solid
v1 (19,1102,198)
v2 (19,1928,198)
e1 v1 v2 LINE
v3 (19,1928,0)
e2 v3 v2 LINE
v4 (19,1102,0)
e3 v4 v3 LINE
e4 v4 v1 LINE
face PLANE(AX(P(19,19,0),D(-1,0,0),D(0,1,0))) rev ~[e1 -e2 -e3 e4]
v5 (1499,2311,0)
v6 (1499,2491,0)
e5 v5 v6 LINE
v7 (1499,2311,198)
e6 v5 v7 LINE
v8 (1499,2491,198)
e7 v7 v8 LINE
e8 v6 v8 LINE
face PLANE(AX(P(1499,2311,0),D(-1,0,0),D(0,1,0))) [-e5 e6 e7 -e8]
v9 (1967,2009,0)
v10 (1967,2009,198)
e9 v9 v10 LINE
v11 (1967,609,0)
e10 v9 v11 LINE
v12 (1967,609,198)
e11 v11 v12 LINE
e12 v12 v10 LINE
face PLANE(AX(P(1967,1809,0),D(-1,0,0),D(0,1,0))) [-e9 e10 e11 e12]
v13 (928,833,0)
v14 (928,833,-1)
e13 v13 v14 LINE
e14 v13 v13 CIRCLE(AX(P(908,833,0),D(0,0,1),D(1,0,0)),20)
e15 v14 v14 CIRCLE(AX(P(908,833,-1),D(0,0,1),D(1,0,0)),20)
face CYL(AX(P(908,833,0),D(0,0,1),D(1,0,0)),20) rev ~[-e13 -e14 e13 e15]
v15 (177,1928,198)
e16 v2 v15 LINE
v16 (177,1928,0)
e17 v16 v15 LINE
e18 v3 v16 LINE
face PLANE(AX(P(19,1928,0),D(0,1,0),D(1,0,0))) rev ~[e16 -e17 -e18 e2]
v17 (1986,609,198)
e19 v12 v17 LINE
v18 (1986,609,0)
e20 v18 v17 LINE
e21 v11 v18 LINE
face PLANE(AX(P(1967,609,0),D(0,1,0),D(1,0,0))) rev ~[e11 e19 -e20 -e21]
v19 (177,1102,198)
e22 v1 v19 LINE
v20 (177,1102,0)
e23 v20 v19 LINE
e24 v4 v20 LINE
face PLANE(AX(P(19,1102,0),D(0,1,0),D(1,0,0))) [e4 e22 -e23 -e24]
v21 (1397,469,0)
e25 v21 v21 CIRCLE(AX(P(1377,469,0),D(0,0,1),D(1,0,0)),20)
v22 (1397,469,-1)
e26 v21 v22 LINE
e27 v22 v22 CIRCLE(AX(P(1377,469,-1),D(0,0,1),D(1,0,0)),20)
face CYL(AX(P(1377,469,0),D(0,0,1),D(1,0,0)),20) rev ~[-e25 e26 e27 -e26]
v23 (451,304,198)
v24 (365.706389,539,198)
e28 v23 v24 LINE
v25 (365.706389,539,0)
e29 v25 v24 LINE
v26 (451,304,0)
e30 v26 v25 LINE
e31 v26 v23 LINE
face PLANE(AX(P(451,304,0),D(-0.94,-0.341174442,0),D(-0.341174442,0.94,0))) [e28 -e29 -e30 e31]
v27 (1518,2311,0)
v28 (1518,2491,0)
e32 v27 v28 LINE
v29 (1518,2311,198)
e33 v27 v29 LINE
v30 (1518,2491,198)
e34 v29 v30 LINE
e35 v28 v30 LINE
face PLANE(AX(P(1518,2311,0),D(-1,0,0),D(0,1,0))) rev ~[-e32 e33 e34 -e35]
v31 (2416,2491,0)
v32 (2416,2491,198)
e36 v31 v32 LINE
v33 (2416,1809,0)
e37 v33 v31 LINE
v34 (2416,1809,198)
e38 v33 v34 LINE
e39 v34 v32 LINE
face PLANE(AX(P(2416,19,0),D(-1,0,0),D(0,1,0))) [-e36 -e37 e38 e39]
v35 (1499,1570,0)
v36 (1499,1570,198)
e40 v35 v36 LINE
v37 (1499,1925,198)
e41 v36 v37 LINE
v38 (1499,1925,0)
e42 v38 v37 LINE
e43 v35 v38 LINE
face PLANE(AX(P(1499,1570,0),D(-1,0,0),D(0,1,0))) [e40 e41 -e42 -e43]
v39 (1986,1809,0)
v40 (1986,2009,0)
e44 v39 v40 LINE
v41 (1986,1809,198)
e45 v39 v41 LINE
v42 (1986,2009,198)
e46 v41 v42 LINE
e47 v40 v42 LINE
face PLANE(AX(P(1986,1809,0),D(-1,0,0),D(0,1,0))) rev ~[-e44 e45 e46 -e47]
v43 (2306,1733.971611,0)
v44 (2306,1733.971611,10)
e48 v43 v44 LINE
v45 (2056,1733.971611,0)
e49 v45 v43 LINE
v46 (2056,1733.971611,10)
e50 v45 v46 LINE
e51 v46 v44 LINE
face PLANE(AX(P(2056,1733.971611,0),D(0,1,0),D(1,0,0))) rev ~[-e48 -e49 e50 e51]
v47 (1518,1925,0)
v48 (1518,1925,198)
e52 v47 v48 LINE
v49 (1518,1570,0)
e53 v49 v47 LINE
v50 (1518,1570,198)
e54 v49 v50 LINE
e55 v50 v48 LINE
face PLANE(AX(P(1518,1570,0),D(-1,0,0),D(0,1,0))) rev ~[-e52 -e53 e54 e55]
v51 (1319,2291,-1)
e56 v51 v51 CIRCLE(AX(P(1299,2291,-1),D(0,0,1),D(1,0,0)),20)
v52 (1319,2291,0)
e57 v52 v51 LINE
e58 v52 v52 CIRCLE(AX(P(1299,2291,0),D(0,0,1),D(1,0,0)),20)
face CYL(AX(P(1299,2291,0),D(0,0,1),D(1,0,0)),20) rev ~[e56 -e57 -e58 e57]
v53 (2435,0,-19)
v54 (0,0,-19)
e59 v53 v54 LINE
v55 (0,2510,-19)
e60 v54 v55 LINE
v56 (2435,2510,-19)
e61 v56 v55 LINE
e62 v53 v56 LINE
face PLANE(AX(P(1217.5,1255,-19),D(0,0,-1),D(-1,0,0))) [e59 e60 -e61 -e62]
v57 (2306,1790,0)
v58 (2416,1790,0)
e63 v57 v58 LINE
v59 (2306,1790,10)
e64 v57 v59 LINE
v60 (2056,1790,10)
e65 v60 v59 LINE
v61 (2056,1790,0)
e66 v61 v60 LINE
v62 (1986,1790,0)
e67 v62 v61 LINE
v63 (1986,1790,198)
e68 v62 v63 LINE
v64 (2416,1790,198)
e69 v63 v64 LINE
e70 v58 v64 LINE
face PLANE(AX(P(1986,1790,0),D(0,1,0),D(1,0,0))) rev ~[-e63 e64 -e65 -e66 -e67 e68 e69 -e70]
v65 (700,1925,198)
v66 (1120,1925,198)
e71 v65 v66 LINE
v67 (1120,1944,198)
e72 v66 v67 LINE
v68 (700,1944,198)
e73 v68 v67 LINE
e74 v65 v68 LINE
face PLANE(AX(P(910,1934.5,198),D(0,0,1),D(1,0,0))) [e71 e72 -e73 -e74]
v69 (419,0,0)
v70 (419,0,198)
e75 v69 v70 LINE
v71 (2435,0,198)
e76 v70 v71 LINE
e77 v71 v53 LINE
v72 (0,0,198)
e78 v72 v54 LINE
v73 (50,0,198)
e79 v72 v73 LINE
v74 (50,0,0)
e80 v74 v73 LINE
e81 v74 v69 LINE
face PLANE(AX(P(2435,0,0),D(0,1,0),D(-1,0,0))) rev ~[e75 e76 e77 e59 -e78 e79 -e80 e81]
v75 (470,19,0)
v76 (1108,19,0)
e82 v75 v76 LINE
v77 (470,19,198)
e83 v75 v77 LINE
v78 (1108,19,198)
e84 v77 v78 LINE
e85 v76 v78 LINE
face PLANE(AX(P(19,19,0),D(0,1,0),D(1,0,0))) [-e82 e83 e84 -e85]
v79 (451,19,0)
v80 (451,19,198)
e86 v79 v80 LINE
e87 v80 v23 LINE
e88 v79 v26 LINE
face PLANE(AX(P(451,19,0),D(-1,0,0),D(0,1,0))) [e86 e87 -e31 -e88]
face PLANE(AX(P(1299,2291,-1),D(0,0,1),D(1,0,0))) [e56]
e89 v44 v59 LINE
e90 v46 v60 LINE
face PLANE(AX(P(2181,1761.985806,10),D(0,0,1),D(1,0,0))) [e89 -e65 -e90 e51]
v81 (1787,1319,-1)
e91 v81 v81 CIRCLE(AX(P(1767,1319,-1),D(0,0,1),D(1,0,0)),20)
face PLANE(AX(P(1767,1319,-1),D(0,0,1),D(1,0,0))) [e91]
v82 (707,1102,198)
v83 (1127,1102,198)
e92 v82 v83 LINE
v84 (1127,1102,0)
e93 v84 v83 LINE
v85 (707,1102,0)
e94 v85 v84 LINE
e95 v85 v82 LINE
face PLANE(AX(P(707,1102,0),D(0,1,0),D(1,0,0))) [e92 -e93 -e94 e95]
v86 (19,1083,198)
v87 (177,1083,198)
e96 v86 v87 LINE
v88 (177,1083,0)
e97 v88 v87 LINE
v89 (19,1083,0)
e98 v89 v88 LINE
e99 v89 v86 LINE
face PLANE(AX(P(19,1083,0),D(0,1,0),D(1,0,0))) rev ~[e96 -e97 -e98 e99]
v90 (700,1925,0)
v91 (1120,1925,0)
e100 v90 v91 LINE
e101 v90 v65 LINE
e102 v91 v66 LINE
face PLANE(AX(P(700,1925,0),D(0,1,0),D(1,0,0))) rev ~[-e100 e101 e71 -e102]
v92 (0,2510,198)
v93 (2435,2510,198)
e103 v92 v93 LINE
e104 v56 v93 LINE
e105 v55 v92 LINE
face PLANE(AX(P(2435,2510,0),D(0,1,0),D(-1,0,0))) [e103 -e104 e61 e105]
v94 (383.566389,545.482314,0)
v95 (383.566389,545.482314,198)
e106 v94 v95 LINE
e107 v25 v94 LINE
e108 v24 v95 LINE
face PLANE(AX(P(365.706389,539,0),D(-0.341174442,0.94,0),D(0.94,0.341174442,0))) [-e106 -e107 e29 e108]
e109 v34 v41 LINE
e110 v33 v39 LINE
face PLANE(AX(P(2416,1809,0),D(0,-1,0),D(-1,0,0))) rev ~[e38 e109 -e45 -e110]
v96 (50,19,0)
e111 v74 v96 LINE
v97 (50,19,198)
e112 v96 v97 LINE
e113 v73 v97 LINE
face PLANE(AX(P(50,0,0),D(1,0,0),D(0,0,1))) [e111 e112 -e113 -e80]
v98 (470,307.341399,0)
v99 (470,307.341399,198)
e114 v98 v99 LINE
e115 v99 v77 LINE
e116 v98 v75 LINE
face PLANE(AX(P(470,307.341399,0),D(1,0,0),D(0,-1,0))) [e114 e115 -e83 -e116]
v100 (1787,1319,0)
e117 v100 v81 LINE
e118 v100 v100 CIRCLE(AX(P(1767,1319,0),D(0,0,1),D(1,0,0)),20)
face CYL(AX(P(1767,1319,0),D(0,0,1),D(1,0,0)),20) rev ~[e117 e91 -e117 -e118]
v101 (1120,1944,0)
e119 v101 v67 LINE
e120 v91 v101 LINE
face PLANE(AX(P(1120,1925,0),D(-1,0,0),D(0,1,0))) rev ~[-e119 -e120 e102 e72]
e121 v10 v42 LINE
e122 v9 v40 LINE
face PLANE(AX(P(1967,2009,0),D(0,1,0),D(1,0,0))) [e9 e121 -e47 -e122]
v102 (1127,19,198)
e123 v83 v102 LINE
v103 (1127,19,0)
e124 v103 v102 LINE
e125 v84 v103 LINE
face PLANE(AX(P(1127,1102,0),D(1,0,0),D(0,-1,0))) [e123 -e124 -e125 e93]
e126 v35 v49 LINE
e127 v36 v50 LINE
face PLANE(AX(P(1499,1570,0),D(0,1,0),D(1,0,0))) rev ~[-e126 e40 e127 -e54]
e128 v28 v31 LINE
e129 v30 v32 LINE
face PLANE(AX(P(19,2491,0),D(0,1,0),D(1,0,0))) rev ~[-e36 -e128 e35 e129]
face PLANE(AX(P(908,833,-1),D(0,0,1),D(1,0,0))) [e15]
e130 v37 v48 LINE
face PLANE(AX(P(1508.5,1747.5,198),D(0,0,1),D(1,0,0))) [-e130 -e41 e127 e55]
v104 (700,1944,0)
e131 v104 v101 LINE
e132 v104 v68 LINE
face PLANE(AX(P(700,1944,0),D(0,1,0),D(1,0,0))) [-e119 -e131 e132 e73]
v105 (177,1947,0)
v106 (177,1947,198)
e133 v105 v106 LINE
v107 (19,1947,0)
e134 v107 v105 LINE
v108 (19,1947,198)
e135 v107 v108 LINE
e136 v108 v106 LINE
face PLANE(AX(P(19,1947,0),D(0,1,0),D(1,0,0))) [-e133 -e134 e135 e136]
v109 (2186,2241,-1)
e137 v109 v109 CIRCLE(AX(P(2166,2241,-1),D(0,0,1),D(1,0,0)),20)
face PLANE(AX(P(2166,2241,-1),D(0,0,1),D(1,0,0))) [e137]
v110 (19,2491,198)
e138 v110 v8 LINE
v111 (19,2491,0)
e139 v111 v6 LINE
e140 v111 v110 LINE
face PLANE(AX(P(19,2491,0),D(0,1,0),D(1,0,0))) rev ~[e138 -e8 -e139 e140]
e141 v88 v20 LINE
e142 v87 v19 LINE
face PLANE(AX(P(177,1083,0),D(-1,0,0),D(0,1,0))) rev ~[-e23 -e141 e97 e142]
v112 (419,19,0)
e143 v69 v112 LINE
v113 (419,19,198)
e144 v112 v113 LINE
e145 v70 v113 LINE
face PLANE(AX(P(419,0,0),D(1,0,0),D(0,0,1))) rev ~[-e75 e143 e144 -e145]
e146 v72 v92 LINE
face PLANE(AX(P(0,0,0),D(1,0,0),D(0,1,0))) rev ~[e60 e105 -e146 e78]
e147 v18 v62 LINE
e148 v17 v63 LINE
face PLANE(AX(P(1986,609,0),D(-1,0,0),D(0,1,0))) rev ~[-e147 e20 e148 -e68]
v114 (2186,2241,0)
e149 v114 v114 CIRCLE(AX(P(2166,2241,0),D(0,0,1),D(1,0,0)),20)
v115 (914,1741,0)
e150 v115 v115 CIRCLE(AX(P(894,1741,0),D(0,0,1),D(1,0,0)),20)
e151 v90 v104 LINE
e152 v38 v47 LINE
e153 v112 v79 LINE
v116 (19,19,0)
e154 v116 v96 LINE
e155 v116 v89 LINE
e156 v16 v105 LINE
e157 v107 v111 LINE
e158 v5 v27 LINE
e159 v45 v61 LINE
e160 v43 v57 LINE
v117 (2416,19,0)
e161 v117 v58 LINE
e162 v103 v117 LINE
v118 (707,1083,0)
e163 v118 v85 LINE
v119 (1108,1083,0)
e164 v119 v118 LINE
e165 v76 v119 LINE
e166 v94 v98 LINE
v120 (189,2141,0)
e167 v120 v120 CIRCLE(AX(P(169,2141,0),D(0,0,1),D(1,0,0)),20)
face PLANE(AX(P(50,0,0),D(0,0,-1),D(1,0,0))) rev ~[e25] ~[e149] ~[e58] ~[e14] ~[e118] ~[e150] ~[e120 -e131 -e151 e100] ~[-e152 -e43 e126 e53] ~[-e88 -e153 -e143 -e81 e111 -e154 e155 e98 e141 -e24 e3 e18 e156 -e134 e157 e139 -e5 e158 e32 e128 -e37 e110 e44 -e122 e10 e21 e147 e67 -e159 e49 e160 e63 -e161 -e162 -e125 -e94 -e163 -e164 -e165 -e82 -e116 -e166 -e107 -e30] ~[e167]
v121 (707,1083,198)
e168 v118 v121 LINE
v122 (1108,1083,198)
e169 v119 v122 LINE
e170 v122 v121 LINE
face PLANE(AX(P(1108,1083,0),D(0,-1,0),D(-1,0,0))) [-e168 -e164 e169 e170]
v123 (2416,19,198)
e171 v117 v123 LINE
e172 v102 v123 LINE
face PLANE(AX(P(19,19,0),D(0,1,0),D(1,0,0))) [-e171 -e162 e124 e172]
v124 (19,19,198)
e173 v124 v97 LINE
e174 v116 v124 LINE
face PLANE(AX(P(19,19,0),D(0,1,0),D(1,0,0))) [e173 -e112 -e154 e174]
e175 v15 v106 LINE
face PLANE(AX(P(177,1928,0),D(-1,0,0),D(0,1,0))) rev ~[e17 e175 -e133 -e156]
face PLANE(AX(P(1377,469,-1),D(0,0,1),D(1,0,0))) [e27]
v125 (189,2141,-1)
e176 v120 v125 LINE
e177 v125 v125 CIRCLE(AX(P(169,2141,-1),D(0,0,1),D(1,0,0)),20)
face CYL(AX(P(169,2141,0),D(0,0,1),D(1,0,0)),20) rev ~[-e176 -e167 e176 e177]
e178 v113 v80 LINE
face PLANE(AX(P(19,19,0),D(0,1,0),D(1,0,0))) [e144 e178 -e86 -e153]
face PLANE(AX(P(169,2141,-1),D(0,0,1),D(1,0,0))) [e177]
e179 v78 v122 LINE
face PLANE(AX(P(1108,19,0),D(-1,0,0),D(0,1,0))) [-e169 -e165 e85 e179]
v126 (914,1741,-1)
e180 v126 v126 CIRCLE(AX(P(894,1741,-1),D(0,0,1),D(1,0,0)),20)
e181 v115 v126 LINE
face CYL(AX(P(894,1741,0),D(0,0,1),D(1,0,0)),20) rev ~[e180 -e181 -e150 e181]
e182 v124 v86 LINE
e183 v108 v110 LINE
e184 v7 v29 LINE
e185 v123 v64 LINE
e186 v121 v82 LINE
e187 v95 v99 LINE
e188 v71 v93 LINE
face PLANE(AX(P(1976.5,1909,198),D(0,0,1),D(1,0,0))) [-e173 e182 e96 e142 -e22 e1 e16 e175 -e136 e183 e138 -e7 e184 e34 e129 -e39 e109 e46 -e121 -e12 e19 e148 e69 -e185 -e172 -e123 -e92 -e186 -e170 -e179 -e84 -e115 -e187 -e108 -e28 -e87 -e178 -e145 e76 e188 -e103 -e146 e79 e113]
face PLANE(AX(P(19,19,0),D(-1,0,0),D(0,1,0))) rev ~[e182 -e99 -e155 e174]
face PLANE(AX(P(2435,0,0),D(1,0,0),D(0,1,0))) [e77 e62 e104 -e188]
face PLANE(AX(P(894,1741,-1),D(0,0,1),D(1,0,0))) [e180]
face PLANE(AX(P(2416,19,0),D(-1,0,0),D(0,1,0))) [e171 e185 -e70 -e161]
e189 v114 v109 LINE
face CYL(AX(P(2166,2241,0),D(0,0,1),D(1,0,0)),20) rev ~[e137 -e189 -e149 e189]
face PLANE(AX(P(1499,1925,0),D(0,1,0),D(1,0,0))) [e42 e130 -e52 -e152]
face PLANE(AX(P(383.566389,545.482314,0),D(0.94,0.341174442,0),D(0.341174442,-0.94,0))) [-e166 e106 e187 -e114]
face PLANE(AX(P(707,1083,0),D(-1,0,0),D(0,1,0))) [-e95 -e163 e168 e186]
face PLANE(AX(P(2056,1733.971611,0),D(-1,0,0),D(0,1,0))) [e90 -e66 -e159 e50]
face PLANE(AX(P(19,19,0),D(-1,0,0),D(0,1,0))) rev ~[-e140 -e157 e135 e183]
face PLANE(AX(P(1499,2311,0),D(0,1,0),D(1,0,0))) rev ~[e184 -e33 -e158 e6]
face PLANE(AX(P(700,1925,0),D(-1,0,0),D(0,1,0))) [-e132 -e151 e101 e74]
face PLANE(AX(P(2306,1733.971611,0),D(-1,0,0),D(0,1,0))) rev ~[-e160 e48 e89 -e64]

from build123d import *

# Parameters (mm, degrees)
ESQUISSE1_W             = 2435
ESQUISSE1_H             = 2510
ESQUISSE1_W_2           = 2397
ESQUISSE1_H_2           = 2472
EXTRU_MINCE1_DEPTH      = 198
ESQUISSE2_W             = 2435
ESQUISSE2_H             = 2510
BOSS_EXTRU_1_DEPTH      = 19
EXTRU_MINCE3_DEPTH      = 198
EXTRU_MINCE4_DEPTH      = 198
ESQUISSE6_W             = 158
ESQUISSE6_H             = 19
EXTRU_MINCE5_DEPTH      = 198
ESQUISSE7_W             = 158
ESQUISSE7_H             = 19
EXTRU_MINCE6_DEPTH      = 198
ESQUISSE8_W             = 369
ESQUISSE8_H             = 198
ENL_V_MAT_EXTRU_1_DEPTH = 19
ESQUISSE9_W             = 19
ESQUISSE9_H             = 180
EXTRU_MINCE7_DEPTH      = 198
ESQUISSE10_W            = 420
ESQUISSE10_H            = 19
EXTRU_MINCE8_DEPTH      = 198
ESQUISSE11_W            = 19
ESQUISSE11_H            = 355
EXTRU_MINCE9_DEPTH      = 198
EXTRU_MINCE10_DEPTH     = 198
ESQUISSE14_W            = 19
ESQUISSE14_H            = 200
EXTRU_MINCE11_DEPTH     = 198
ESQUISSE17_W            = 250
ESQUISSE17_H            = 56.028388795
BOSS_EXTRU_2_DEPTH      = 10
ESQUISSE18_R            = 20
ENL_V_MAT_EXTRU_2_DEPTH = 1


with BuildPart() as part:
    # Esquisse1 → Extru.-Mince1 (new body)
    with BuildSketch(Plane.XY):
        with Locations((1217.5, 1255)):
            Rectangle(ESQUISSE1_W, ESQUISSE1_H)
        with Locations((1217.5, 1255)):
            Rectangle(ESQUISSE1_W_2, ESQUISSE1_H_2, mode=Mode.SUBTRACT)
    extrude(amount=EXTRU_MINCE1_DEPTH)

    # Esquisse2 → Boss.-Extru.1 (add)
    with BuildSketch(Plane(origin=(0, 0, 0), x_dir=(-1, 0, 0), z_dir=(0, 0, -1))):
        with Locations((-1217.5, 1255)):
            Rectangle(ESQUISSE2_W, ESQUISSE2_H)
    extrude(amount=BOSS_EXTRU_1_DEPTH)

    # Esquisse4 → Extru.-Mince3 (add)
    with BuildSketch(Plane.XY):
        Polygon((451, 19), (451, 304), (365.706389454, 539), (383.566389454, 545.482314402), (470, 307.341399176), (470, 19), align=None)
    extrude(amount=EXTRU_MINCE3_DEPTH)

    # Esquisse5 → Extru.-Mince4 (add)
    with BuildSketch(Plane.XY):
        Polygon((707, 1102), (1127, 1102), (1127, 19), (1108, 19), (1108, 1083), (707, 1083), align=None)
    extrude(amount=EXTRU_MINCE4_DEPTH)

    # Esquisse6 → Extru.-Mince5 (add)
    with BuildSketch(Plane.XY):
        with Locations((98, 1937.5)):
            Rectangle(ESQUISSE6_W, ESQUISSE6_H)
    extrude(amount=EXTRU_MINCE5_DEPTH)

    # Esquisse7 → Extru.-Mince6 (add)
    with BuildSketch(Plane.XY):
        with Locations((98, 1092.5)):
            Rectangle(ESQUISSE7_W, ESQUISSE7_H)
    extrude(amount=EXTRU_MINCE6_DEPTH)

    # Esquisse8 → Enlèv. mat.-Extru.1 (cut)
    with BuildSketch(Plane.XZ):
        with Locations((234.5, 99)):
            Rectangle(ESQUISSE8_W, ESQUISSE8_H)
    extrude(amount=-ENL_V_MAT_EXTRU_1_DEPTH, mode=Mode.SUBTRACT)

    # Esquisse9 → Extru.-Mince7 (add)
    with BuildSketch(Plane.XY):
        with Locations((1508.5, 2401)):
            Rectangle(ESQUISSE9_W, ESQUISSE9_H)
    extrude(amount=EXTRU_MINCE7_DEPTH)

    # Esquisse10 → Extru.-Mince8 (add)
    with BuildSketch(Plane.XY):
        with Locations((910, 1934.5)):
            Rectangle(ESQUISSE10_W, ESQUISSE10_H)
    extrude(amount=EXTRU_MINCE8_DEPTH)

    # Esquisse11 → Extru.-Mince9 (add)
    with BuildSketch(Plane.XY):
        with Locations((1508.5, 1747.5)):
            Rectangle(ESQUISSE11_W, ESQUISSE11_H)
    extrude(amount=EXTRU_MINCE9_DEPTH)

    # Esquisse13 → Extru.-Mince10 (add)
    with BuildSketch(Plane.XY):
        Polygon((2416, 1809), (1967, 1809), (1967, 609), (1986, 609), (1986, 1790), (2416, 1790), align=None)
    extrude(amount=EXTRU_MINCE10_DEPTH)

    # Esquisse14 → Extru.-Mince11 (add)
    with BuildSketch(Plane.XY):
        with Locations((1976.5, 1909)):
            Rectangle(ESQUISSE14_W, ESQUISSE14_H)
    extrude(amount=EXTRU_MINCE11_DEPTH)

    # Esquisse17 → Boss.-Extru.2 (add)
    with BuildSketch(Plane.XY):
        with Locations((2181, 1761.985805603)):
            Rectangle(ESQUISSE17_W, ESQUISSE17_H)
    extrude(amount=BOSS_EXTRU_2_DEPTH)

    # Esquisse18 → Enlèv. mat.-Extru.2 (cut)
    with BuildSketch(Plane.XY):
        with Locations((2166, 2241)):
            Circle(ESQUISSE18_R)
        with Locations((169, 2141)):
            Circle(ESQUISSE18_R)
        with Locations((1377, 469)):
            Circle(ESQUISSE18_R)
        with Locations((1767, 1319)):
            Circle(ESQUISSE18_R)
        with Locations((894, 1741)):
            Circle(ESQUISSE18_R)
        with Locations((908, 833)):
            Circle(ESQUISSE18_R)
        with Locations((1299, 2291)):
            Circle(ESQUISSE18_R)
    extrude(amount=-ENL_V_MAT_EXTRU_2_DEPTH, mode=Mode.SUBTRACT)


solid = part.part
